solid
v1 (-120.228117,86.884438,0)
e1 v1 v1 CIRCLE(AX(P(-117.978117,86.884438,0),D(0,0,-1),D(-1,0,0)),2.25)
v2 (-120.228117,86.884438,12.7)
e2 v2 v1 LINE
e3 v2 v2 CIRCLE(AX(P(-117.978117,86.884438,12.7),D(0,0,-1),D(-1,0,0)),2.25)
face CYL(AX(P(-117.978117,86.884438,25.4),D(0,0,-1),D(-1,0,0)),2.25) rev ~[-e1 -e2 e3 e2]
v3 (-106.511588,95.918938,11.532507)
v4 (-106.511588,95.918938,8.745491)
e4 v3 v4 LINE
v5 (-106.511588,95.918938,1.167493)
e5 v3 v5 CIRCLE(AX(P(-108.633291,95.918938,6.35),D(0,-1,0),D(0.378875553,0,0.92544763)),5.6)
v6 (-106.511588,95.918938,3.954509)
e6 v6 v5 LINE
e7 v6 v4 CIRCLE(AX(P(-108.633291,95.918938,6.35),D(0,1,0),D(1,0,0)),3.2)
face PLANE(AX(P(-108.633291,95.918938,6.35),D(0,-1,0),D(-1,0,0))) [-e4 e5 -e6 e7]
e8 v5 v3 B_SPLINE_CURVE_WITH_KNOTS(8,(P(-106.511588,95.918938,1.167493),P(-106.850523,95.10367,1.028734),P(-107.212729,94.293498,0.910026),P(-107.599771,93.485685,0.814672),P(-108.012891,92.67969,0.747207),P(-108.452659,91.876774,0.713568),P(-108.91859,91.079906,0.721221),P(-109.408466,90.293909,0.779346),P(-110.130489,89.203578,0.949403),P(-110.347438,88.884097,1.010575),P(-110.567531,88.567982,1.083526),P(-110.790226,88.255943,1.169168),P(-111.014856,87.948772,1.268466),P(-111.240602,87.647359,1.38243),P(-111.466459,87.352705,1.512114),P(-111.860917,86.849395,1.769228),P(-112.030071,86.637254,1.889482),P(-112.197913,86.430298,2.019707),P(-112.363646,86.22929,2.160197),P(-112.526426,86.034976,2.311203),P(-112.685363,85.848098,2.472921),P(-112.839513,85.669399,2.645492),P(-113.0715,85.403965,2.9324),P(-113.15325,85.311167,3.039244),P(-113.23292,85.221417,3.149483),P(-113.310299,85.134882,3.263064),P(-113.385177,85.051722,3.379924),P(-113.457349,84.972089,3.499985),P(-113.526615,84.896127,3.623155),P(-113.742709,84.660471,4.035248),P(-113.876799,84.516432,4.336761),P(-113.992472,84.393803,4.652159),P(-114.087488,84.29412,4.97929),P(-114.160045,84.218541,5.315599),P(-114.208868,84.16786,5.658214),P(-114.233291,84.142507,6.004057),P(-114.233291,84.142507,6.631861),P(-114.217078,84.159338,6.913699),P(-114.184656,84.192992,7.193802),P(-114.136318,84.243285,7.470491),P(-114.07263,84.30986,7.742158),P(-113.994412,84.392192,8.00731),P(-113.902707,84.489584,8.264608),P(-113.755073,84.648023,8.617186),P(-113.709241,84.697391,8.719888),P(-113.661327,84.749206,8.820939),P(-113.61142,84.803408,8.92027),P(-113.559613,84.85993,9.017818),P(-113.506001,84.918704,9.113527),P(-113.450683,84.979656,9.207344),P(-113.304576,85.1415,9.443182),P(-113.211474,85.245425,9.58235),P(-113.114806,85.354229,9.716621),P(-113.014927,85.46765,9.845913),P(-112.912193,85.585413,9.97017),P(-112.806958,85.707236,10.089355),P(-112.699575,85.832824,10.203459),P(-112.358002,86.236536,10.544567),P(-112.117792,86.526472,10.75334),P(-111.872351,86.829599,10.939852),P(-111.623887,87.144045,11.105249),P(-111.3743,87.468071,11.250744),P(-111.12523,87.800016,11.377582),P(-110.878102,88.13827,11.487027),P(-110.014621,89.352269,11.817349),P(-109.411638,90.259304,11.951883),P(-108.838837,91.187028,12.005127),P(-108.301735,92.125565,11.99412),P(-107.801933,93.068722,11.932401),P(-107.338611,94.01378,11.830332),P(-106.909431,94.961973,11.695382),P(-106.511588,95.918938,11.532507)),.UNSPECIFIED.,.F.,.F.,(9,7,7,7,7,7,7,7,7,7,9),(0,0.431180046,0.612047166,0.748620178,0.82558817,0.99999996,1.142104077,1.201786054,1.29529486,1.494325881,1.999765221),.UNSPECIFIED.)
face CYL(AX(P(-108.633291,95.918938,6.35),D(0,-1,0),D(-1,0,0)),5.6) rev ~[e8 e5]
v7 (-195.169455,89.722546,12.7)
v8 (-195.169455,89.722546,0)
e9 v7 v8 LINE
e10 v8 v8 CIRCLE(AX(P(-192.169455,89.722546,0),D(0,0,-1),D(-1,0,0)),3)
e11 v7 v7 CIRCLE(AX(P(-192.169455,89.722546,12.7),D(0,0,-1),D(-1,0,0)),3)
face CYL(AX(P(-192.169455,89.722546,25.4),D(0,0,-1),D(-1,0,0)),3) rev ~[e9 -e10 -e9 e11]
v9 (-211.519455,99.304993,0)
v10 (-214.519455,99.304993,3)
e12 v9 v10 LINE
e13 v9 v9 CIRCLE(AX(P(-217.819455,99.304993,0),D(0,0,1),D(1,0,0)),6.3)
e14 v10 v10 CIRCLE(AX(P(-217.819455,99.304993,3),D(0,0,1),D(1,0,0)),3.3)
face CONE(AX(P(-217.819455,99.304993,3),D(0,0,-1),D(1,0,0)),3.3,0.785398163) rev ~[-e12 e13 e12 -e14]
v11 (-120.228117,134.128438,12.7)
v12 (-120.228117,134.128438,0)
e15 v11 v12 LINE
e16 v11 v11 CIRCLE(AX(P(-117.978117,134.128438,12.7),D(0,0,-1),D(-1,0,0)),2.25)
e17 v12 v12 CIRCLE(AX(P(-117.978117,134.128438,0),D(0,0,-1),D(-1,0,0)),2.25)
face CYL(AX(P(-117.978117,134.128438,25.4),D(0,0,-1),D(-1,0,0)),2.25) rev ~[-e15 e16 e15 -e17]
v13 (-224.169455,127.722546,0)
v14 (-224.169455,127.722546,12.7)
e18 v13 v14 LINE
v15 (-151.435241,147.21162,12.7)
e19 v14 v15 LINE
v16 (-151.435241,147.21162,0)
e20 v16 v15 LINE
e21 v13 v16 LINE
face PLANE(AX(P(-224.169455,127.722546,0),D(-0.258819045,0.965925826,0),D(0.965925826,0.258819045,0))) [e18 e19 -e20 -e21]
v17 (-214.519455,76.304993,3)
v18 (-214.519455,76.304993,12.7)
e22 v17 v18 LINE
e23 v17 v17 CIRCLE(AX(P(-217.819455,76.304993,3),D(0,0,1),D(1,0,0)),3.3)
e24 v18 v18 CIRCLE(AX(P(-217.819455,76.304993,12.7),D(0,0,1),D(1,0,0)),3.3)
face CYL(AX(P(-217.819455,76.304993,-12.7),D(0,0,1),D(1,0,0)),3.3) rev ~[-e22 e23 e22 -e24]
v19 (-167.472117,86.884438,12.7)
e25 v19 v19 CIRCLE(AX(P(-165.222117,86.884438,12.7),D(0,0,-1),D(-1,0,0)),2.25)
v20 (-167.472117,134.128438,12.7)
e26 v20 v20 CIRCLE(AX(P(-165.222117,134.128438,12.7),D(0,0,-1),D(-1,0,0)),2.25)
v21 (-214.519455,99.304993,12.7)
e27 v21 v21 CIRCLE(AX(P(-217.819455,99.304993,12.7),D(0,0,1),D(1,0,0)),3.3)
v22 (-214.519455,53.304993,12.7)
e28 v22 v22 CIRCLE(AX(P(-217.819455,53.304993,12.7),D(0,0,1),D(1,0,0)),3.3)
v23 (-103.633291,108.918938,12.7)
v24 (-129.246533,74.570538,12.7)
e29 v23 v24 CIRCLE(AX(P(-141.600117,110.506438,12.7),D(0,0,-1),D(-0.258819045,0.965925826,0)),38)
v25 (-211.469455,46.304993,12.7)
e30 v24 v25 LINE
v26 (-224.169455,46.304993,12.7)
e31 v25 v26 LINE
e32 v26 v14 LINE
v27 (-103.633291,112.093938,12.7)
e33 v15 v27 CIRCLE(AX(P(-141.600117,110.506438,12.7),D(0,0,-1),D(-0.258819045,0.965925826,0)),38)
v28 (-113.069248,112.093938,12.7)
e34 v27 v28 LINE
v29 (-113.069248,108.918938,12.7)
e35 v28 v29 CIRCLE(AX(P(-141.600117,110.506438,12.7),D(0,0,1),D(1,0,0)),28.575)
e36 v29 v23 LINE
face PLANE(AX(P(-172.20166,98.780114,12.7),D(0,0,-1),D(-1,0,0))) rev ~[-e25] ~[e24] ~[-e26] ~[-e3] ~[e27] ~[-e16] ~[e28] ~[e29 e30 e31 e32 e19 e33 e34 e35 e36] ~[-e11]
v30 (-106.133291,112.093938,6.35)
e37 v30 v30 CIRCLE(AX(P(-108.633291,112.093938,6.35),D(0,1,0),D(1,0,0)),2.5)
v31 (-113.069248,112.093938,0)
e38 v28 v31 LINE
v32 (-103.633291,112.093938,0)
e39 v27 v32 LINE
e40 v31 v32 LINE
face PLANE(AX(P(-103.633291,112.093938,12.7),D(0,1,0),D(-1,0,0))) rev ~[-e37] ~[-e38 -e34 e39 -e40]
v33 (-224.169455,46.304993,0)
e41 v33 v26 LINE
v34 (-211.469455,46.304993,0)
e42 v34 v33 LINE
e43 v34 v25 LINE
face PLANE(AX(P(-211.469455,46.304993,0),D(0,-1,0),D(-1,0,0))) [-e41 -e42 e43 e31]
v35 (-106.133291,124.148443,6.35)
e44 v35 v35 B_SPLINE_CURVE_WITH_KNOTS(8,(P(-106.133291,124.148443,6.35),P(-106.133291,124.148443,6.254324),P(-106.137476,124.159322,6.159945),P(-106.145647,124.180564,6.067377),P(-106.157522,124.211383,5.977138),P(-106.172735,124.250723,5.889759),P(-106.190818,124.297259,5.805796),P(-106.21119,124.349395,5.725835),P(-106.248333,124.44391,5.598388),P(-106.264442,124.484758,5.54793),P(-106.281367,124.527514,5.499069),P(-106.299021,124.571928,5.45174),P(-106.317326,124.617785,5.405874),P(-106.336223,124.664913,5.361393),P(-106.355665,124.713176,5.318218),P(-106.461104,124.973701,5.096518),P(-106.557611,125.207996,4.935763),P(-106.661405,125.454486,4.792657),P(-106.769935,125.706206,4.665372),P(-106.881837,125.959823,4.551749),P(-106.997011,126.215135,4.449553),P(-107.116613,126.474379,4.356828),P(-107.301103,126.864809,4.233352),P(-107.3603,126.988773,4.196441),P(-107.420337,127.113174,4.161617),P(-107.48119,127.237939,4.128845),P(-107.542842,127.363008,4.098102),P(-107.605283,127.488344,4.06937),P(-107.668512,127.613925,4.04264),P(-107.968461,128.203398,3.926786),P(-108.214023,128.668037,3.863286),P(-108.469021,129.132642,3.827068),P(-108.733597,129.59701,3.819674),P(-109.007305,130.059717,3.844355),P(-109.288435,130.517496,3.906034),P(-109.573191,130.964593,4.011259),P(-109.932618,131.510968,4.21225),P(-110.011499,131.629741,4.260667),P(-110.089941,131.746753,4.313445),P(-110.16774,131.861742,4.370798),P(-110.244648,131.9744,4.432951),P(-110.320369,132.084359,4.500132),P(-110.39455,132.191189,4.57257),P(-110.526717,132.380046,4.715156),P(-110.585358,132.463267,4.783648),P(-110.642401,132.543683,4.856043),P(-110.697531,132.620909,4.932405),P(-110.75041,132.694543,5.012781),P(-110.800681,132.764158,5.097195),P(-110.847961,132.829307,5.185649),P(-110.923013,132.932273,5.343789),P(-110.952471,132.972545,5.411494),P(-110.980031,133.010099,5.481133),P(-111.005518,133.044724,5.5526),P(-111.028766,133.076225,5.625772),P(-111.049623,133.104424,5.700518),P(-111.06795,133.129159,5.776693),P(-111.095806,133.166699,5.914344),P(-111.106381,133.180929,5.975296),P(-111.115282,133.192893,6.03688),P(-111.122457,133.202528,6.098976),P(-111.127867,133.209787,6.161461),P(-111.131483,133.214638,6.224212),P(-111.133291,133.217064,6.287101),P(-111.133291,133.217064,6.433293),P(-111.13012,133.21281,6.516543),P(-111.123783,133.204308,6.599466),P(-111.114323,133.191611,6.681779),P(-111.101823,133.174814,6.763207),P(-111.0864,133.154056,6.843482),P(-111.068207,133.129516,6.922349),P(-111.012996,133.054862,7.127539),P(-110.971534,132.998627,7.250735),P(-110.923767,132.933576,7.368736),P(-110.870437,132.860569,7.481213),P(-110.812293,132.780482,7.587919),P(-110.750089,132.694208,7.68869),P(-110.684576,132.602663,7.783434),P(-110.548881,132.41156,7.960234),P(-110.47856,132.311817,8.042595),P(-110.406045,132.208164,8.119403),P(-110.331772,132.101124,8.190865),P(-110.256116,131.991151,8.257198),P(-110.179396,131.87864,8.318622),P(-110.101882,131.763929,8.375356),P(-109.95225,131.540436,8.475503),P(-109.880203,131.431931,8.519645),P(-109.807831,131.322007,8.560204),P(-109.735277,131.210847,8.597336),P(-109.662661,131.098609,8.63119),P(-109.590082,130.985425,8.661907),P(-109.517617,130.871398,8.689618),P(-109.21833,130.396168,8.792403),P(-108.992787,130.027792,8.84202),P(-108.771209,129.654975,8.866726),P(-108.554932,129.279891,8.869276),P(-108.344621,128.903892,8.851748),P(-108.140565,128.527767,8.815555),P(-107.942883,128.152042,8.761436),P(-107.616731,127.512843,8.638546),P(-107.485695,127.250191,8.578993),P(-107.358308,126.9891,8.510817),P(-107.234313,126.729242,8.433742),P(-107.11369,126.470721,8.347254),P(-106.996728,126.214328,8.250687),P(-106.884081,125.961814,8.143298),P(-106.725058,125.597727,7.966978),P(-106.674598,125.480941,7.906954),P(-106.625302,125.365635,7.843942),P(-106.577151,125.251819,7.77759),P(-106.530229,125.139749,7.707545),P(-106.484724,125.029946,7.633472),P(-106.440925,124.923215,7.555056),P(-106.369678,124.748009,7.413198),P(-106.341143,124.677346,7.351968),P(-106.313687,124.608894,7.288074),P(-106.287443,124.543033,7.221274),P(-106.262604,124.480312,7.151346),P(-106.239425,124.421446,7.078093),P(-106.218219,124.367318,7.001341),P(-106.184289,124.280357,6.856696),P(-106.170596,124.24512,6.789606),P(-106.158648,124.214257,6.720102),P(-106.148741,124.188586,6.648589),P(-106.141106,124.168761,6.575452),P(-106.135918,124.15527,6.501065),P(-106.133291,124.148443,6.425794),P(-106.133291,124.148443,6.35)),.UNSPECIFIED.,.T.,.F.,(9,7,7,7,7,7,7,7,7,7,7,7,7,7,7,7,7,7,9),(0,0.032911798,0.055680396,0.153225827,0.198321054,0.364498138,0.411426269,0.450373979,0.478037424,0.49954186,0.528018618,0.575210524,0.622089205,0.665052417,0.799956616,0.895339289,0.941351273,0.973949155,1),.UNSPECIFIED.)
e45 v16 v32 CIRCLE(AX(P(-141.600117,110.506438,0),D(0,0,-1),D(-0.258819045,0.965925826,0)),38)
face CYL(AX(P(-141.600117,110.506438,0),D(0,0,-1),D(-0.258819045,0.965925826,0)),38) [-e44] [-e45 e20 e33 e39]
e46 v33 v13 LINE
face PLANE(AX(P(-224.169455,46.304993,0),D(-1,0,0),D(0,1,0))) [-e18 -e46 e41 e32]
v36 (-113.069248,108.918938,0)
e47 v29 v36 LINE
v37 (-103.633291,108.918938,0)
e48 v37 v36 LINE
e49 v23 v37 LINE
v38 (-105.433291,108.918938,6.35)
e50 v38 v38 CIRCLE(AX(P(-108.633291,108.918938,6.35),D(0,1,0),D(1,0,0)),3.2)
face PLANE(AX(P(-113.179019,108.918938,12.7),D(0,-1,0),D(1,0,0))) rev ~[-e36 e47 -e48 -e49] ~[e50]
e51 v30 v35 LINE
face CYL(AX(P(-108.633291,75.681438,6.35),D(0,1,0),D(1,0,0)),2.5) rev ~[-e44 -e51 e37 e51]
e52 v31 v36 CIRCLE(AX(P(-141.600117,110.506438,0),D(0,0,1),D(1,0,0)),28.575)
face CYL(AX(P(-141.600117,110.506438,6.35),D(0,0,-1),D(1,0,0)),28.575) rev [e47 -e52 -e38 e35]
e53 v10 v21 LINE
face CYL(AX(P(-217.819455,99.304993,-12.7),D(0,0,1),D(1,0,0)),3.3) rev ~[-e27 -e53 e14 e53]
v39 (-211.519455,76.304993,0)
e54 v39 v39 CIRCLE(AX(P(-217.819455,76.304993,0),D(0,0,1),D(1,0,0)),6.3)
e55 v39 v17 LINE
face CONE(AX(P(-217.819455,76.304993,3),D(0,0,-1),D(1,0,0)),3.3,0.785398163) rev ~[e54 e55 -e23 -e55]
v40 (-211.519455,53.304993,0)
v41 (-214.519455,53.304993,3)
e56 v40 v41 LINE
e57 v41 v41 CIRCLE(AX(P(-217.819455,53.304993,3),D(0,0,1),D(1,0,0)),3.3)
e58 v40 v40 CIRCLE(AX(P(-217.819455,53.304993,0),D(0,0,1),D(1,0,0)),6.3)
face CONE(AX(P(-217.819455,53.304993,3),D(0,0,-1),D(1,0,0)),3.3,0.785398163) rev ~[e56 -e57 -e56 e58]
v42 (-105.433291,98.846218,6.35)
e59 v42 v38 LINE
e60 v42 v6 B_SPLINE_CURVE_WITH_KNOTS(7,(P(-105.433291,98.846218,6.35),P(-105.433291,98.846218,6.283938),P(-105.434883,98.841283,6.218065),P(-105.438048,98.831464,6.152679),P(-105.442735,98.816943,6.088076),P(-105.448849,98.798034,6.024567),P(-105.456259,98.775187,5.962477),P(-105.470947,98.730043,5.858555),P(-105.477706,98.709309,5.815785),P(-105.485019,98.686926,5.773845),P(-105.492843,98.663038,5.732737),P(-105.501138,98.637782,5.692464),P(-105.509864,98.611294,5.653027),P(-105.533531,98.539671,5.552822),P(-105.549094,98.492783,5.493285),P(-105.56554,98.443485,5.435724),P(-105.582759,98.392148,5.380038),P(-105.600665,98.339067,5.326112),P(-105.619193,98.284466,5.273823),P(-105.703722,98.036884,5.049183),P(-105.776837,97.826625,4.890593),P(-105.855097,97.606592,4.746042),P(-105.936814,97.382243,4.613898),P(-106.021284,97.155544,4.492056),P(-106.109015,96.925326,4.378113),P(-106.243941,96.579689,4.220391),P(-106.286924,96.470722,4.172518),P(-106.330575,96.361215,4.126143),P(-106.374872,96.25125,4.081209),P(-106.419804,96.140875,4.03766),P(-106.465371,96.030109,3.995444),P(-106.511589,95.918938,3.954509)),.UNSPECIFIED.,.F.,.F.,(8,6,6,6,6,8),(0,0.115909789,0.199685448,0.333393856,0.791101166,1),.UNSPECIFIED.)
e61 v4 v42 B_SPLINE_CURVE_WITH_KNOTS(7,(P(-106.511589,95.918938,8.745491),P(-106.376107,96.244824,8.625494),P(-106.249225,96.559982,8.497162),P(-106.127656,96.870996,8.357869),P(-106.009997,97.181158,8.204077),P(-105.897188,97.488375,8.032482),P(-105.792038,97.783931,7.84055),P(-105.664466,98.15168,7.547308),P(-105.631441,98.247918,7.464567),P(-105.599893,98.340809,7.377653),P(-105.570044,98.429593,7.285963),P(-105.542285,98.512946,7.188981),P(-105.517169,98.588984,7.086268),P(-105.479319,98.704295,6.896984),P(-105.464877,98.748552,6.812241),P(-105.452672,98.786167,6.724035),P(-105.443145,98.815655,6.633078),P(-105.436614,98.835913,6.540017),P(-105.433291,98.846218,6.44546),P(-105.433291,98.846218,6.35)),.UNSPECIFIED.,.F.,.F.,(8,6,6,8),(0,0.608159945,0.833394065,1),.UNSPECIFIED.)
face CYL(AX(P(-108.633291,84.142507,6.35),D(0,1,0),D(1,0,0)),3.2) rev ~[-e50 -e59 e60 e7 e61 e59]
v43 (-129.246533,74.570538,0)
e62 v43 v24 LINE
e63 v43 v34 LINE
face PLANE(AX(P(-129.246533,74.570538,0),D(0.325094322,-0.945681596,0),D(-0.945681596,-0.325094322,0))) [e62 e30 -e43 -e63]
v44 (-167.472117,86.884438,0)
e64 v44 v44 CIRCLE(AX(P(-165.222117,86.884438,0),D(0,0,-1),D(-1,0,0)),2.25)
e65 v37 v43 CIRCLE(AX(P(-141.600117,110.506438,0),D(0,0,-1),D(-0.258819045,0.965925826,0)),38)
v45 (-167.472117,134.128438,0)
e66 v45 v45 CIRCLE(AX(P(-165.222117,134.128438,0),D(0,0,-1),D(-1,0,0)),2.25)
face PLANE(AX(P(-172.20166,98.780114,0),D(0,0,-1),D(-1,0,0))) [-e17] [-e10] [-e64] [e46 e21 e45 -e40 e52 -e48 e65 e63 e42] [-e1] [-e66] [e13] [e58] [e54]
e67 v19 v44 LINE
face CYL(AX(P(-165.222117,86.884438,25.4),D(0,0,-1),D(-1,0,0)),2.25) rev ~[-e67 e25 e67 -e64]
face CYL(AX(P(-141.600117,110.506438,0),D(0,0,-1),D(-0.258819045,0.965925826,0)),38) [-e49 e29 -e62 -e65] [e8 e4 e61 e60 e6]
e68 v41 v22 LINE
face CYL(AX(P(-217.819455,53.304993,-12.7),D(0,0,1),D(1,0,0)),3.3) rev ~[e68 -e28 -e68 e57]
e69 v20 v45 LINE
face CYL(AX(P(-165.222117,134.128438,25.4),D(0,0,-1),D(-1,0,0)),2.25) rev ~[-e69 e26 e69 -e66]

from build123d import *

# Parameters (mm, degrees)
BOSS_EXTRUDE1_DEPTH         = 12.7
CUT_EXTRUDE1_DEPTH          = 13.7
SKETCH3_W                   = 28.575
SKETCH3_H                   = 12.7
F_8_CLEARANCE_HOLE1_D       = 4.5
F_8_CLEARANCE_HOLE1_DEPTH   = 12.7
F_1_4_CLEARANCE_HOLE1_D     = 6.6
F_1_4_CLEARANCE_HOLE1_DEPTH = 12.7
F_12_CLEARANCE_HOLE1_D      = 6
F_12_CLEARANCE_HOLE1_DEPTH  = 12.7
HOLE1_D                     = 6.4
HOLE1_DEPTH                 = 24.77643101
HOLE1_CBORE_D               = 11.2
HOLE1_CBORE_DEPTH           = 11.77643101
F_10_CLEARANCE_HOLE1_D      = 5
F_10_CLEARANCE_HOLE1_DEPTH  = 36.4125
CHAMFER1_SIZE               = 3
SKETCH14_R                  = 4
SKETCH14_R_2                = 3
BOSS_EXTRUDE2_DEPTH         = 12.7


with BuildPart() as part:
    # Sketch1 → Boss-Extrude1 (new body)
    with BuildSketch(Plane(origin=(0, 0, 0), x_dir=(-1, 0, 0), z_dir=(0, 0, -1))):
        with BuildLine():
            Line((224.169455465, 127.72254562), (151.435240745, 147.211619716))
            ThreePointArc((151.435240745, 147.211619716), (105.257753851, 121.607458019), (129.246532787, 74.570537656))
            Line((129.246532787, 74.570537656), (211.469455465, 46.304993078))
            Line((211.469455465, 46.304993078), (224.169455465, 46.304993078))
            Line((224.169455465, 46.304993078), (224.169455465, 127.72254562))
        make_face()
    extrude(amount=-BOSS_EXTRUDE1_DEPTH)

    # Sketch2 → Cut-Extrude1 (cut, through all)
    with BuildSketch(Plane.XY.offset(12.7)):
        with BuildLine():
            Line((-103.633291463, 112.093938317), (-113.179018515, 112.093938317))
            ThreePointArc((-113.179018515, 112.093938317), (-113.134717032, 110.506438317), (-113.179018515, 108.918938317))
            Line((-113.179018515, 108.918938317), (-103.633291463, 108.918938317))
            ThreePointArc((-103.633291463, 108.918938317), (-103.600117032, 110.506438317), (-103.633291463, 112.093938317))
        make_face()
    extrude(amount=-CUT_EXTRUDE1_DEPTH, mode=Mode.SUBTRACT)

    # Sketch3 → Cut-Revolve1 (revolve, cut)
    with BuildSketch(Plane(origin=(0, 110.506438317, 0), x_dir=(1, 0, 0), z_dir=(0, 1, 0))):
        with Locations((-127.312617032, -6.35)):
            Rectangle(SKETCH3_W, SKETCH3_H)
    revolve(axis=Axis((-141.600117032, 110.506438317, 0), (0, 0, 1)), mode=Mode.SUBTRACT)

    # #8 Clearance Hole1
    with Locations(Plane.XY.offset(12.7)):
        with Locations((-117.978117032, 86.884438317), (-165.222117032, 86.884438317), (-165.222117032, 134.128438317), (-117.978117032, 134.128438317)):
            Hole(F_8_CLEARANCE_HOLE1_D / 2, depth=F_8_CLEARANCE_HOLE1_DEPTH)

    # 1/4 Clearance Hole1
    with Locations(Plane(origin=(0, 0, 0), x_dir=(-1, 0, 0), z_dir=(0, 0, -1))):
        with Locations((217.819455465, 53.304993078), (217.819455465, 76.304993078), (217.819455465, 99.304993078)):
            Hole(F_1_4_CLEARANCE_HOLE1_D / 2, depth=F_1_4_CLEARANCE_HOLE1_DEPTH)

    # #12 Clearance Hole1
    with Locations(Plane.XY.offset(12.7)):
        with Locations((-192.169455465, 89.72254562)):
            Hole(F_12_CLEARANCE_HOLE1_D / 2, depth=F_12_CLEARANCE_HOLE1_DEPTH)

    # Hole1
    with Locations(Plane(origin=(0, 84.142507307, 0), x_dir=(-1, 0, 0), z_dir=(0, -1, 0))):
        with Locations((108.633291463, -6.35)):
            CounterBoreHole(HOLE1_D / 2, HOLE1_CBORE_D / 2, HOLE1_CBORE_DEPTH, depth=HOLE1_DEPTH)

    # #10 Clearance Hole1
    with Locations(Plane(origin=(0, 112.093938317, 0), x_dir=(-1, 0, 0), z_dir=(0, -1, 0))):
        with Locations((108.633291463, -6.35)):
            Hole(F_10_CLEARANCE_HOLE1_D / 2, depth=F_10_CLEARANCE_HOLE1_DEPTH)

    # Chamfer1
    chamfer1_edges = [part.edges().sort_by_distance(p)[0] for p in [
        (-221.119455465, 99.304993078, 0),
        (-221.119455465, 76.304993078, 0),
        (-221.119455465, 53.304993078, 0),
    ]]
    chamfer(chamfer1_edges, length=CHAMFER1_SIZE)

    # Sketch14 → Boss-Extrude2 (add)
    with BuildSketch(Plane(origin=(0, 0, 0), x_dir=(-1, 0, 0), z_dir=(0, 0, -1))):
        with Locations((192.169455465, 89.72254562)):
            Circle(SKETCH14_R)
        with Locations((192.169455465, 89.72254562)):
            Circle(SKETCH14_R_2, mode=Mode.SUBTRACT)
    extrude(amount=-BOSS_EXTRUDE2_DEPTH)


solid = part.part
